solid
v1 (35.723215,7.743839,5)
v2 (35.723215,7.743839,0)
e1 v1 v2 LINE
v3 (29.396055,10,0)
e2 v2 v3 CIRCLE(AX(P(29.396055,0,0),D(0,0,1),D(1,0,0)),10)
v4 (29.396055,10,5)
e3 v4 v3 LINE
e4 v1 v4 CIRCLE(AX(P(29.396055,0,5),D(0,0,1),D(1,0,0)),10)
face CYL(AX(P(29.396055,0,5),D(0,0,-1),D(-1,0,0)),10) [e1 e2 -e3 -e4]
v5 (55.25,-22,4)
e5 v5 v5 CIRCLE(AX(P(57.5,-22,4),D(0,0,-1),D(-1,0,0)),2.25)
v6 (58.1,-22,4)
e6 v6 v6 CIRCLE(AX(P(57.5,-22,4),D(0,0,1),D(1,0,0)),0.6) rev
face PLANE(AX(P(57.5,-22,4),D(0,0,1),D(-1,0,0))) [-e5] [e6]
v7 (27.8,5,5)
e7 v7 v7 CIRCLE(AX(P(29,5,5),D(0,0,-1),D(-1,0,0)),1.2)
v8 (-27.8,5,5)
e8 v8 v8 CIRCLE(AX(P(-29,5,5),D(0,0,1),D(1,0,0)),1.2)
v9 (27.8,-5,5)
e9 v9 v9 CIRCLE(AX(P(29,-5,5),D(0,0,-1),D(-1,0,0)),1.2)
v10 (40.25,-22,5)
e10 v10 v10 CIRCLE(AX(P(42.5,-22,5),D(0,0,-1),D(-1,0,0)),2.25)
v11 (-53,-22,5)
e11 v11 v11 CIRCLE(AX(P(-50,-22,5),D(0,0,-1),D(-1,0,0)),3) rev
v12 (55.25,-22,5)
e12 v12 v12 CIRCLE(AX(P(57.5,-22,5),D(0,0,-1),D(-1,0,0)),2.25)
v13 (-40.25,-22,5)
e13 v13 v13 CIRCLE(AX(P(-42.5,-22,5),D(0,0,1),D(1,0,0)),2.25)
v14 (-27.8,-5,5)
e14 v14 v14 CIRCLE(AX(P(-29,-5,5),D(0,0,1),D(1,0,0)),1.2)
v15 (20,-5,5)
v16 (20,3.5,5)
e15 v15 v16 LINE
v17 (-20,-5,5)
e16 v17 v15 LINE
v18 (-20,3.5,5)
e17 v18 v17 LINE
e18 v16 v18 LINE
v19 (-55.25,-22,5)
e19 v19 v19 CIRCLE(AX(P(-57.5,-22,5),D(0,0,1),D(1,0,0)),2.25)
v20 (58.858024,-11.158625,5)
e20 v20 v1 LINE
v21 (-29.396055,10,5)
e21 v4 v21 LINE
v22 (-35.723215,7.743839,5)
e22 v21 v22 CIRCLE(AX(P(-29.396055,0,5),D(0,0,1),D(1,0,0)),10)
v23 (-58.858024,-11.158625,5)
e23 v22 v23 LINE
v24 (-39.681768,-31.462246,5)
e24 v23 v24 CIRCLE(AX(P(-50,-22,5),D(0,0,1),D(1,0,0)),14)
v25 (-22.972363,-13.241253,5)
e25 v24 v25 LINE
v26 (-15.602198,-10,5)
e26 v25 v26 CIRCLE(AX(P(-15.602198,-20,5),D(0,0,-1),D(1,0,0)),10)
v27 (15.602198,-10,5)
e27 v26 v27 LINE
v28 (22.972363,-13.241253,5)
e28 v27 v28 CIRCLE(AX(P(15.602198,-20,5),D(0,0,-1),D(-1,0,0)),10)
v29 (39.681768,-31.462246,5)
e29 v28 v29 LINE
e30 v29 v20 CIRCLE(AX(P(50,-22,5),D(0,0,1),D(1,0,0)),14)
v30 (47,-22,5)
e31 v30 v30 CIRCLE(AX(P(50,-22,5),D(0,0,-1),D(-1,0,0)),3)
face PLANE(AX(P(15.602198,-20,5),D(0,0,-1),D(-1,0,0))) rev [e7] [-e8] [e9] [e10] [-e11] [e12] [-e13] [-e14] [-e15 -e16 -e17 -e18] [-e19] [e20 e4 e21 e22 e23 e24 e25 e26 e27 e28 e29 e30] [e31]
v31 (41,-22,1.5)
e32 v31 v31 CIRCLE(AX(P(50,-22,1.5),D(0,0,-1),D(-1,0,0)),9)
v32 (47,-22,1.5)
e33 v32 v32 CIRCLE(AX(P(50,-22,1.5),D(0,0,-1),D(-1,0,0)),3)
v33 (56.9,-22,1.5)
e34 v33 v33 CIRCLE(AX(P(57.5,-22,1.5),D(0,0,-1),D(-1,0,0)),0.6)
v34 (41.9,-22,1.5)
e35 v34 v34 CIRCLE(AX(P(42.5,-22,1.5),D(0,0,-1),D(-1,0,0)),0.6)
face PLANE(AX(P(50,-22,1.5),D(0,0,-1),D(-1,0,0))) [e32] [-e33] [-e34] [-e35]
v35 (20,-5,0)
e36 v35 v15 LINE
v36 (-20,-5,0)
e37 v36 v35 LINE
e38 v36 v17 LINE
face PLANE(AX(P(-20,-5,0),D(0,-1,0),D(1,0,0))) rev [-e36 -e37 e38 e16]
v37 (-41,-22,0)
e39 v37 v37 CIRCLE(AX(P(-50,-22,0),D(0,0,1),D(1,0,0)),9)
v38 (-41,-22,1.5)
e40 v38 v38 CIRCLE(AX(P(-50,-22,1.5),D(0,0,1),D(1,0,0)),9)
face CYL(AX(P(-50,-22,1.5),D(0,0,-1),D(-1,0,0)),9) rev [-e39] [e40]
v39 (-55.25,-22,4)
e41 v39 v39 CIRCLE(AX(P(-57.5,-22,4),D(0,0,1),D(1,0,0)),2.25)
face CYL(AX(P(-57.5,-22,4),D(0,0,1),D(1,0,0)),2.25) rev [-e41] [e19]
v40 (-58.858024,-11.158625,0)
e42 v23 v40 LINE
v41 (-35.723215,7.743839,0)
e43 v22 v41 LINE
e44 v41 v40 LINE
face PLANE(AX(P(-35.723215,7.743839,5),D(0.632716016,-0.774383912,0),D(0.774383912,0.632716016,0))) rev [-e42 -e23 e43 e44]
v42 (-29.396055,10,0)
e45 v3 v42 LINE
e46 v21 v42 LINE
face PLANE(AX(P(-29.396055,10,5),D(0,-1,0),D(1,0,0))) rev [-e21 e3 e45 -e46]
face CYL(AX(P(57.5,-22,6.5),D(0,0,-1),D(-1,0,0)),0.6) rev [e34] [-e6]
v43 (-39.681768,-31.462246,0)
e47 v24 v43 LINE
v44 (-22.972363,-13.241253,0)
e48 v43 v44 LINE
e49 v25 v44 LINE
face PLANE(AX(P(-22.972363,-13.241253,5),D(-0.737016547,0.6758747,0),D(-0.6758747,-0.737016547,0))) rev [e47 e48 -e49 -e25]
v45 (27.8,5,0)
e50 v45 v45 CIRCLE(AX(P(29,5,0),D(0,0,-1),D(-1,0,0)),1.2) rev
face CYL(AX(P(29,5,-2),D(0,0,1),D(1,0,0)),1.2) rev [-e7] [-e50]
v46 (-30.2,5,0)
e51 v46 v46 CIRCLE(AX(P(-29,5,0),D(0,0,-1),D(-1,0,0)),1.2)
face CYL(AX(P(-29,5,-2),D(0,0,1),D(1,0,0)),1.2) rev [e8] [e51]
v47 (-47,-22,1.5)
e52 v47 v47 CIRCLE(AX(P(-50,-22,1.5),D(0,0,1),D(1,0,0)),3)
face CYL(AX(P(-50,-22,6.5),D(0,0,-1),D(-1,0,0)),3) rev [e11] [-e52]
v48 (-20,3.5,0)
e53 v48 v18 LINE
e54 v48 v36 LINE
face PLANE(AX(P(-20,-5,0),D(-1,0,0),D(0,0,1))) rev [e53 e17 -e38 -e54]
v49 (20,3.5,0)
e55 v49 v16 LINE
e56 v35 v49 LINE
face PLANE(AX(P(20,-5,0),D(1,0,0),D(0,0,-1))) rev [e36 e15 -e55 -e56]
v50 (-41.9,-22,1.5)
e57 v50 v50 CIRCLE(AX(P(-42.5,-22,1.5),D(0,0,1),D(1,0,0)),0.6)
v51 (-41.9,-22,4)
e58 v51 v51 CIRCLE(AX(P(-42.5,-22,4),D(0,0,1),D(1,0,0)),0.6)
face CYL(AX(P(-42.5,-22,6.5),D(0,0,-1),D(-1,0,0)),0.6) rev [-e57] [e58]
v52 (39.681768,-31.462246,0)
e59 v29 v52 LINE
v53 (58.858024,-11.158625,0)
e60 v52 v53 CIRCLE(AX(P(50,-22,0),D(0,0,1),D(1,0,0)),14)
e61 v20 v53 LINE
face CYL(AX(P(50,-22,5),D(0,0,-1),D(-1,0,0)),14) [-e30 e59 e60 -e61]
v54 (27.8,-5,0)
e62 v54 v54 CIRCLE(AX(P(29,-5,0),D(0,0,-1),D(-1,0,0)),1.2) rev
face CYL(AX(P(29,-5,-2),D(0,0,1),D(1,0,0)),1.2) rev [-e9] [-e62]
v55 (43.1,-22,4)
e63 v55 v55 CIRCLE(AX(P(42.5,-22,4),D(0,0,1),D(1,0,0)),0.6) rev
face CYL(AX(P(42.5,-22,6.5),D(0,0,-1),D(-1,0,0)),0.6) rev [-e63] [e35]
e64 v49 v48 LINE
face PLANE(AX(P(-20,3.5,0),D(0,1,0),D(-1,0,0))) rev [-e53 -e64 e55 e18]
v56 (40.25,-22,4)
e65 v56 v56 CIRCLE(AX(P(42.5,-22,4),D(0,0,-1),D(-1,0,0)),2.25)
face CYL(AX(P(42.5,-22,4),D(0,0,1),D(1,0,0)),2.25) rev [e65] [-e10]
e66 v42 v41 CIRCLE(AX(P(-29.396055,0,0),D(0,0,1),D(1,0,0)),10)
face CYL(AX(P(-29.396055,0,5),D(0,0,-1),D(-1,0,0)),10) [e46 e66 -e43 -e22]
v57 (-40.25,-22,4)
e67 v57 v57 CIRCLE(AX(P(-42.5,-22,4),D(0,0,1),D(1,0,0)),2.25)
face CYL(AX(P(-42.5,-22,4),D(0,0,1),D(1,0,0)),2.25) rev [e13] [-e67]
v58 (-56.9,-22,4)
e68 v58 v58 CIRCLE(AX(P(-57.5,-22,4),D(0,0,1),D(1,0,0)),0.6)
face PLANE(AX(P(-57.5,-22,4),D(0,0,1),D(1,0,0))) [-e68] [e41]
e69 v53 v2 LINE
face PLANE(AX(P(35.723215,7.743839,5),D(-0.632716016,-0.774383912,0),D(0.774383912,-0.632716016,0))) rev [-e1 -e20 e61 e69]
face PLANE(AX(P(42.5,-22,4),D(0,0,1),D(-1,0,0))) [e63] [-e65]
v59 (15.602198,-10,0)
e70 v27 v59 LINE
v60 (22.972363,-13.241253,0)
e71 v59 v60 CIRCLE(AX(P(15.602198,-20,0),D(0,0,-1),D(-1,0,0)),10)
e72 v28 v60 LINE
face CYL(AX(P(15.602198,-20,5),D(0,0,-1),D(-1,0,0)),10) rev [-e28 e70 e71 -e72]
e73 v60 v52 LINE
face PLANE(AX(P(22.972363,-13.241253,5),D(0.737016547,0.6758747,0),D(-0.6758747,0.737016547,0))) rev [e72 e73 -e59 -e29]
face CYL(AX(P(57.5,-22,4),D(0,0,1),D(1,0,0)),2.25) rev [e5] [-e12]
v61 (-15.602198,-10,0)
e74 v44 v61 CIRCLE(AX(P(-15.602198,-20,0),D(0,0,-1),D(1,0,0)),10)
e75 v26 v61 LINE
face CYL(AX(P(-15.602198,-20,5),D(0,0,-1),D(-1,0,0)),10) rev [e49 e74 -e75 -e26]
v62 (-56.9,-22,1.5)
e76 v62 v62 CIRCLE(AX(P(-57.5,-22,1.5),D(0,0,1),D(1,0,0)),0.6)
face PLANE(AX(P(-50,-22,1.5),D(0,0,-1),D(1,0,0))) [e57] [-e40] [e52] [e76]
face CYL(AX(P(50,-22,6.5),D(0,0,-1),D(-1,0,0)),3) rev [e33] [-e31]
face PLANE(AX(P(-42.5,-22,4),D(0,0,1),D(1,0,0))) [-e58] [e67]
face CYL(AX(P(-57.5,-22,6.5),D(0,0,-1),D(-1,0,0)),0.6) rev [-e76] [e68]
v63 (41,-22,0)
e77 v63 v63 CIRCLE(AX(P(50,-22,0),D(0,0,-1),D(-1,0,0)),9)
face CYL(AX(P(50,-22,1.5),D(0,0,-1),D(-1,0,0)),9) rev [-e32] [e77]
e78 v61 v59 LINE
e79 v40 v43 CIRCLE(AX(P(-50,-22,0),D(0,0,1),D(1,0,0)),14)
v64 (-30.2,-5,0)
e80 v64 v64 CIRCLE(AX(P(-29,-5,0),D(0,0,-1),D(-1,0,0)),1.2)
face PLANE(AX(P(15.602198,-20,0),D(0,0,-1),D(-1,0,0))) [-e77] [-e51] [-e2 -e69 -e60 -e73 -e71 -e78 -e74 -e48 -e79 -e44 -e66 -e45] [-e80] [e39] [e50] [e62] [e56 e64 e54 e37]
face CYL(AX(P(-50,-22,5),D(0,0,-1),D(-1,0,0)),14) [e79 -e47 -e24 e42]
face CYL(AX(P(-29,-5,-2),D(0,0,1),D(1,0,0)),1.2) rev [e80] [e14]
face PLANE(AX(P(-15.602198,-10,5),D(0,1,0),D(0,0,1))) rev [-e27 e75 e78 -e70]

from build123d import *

# Parameters (mm, degrees)
EXTRUDE_1_DEPTH     = 5
SKETCH_4_W          = 40
SKETCH_4_H          = 8.5
CUT_EXTRUDE_1_DEPTH = 5
SKETCH_5_R          = 1.2
CUT_EXTRUDE_2_DEPTH = 7
SKETCH_9_R          = 9
CUT_EXTRUDE_3_DEPTH = 1.5
SKETCH_10_R         = 3
SKETCH_10_R_2       = 0.6
CUT_EXTRUDE_4_DEPTH = 5
SKETCH_11_R         = 2.25
CUT_EXTRUDE_5_DEPTH = 1


with BuildPart() as part:
    # 草图3 → 凸台-拉伸1 (new body)
    with BuildSketch(Plane.XY):
        with BuildLine():
            Line((-35.723215038, 7.743839121), (-58.858024221, -11.158625231))
            ThreePointArc((-58.858024221, -11.158625231), (-60.178030432, -31.612892204), (-39.681768347, -31.462245799))
            Line((-39.681768347, -31.462245799), (-22.972363252, -13.241253001))
            ThreePointArc((-22.972363252, -13.241253001), (-19.627898346, -10.846108205), (-15.602197786, -10))
            Line((-15.602197786, -10), (15.602197786, -10))
            ThreePointArc((15.602197786, -10), (19.627898346, -10.846108205), (22.972363252, -13.241253001))
            Line((22.972363252, -13.241253001), (39.681768347, -31.462245799))
            ThreePointArc((39.681768347, -31.462245799), (60.178030432, -31.612892204), (58.858024221, -11.158625231))
            Line((58.858024221, -11.158625231), (35.723215038, 7.743839121))
            ThreePointArc((35.723215038, 7.743839121), (32.754745755, 9.419086771), (29.39605488, 10))
            Line((29.39605488, 10), (-29.39605488, 10))
            ThreePointArc((-29.39605488, 10), (-32.754745755, 9.419086771), (-35.723215038, 7.743839121))
        make_face()
    extrude(amount=EXTRUDE_1_DEPTH)

    # 草图4 → 切除-拉伸1 (cut)
    with BuildSketch(Plane.XY.offset(5)):
        with Locations((0, -0.75)):
            Rectangle(SKETCH_4_W, SKETCH_4_H)
    extrude(amount=-CUT_EXTRUDE_1_DEPTH, mode=Mode.SUBTRACT)

    # 草图5 → 切除-拉伸2 (cut)
    with BuildSketch(Plane.XY.offset(5)):
        with Locations((-29, -5)):
            Circle(SKETCH_5_R)
        with Locations((-29, 5)):
            Circle(SKETCH_5_R)
    cut_extrude_2 = extrude(amount=-CUT_EXTRUDE_2_DEPTH, mode=Mode.SUBTRACT)

    # 镜向1: 切除-拉伸2 across plane
    add(cut_extrude_2.mirror(Plane.ZY), mode=Mode.SUBTRACT)

    # 草图9 → 切除-拉伸3 (cut)
    with BuildSketch(Plane(origin=(0, 0, 0), x_dir=(-1, 0, 0), z_dir=(0, 0, -1))):
        with Locations((-50, -22)):
            Circle(SKETCH_9_R)
    cut_extrude_3 = extrude(amount=-CUT_EXTRUDE_3_DEPTH, mode=Mode.SUBTRACT)

    # 草图10 → 切除-拉伸4 (cut)
    with BuildSketch(Plane(origin=(0, 0, 1.5), x_dir=(-1, 0, 0), z_dir=(0, 0, -1))):
        with Locations((-50, -22)):
            Circle(SKETCH_10_R)
        with Locations((-57.5, -22)):
            Circle(SKETCH_10_R_2)
        with Locations((-42.5, -22)):
            Circle(SKETCH_10_R_2)
    cut_extrude_4 = extrude(amount=-CUT_EXTRUDE_4_DEPTH, mode=Mode.SUBTRACT)

    # 镜向3: 切除-拉伸3, 切除-拉伸4 across plane
    add(cut_extrude_3.mirror(Plane.ZY), mode=Mode.SUBTRACT)
    add(cut_extrude_4.mirror(Plane.ZY), mode=Mode.SUBTRACT)

    # 草图11 → 切除-拉伸5 (cut)
    with BuildSketch(Plane.XY.offset(5)):
        with Locations((-57.5, -22)):
            Circle(SKETCH_11_R)
        with Locations((-42.5, -22)):
            Circle(SKETCH_11_R)
    cut_extrude_5 = extrude(amount=-CUT_EXTRUDE_5_DEPTH, mode=Mode.SUBTRACT)

    # 镜向4: 切除-拉伸5 across plane
    add(cut_extrude_5.mirror(Plane.ZY), mode=Mode.SUBTRACT)


solid = part.part
